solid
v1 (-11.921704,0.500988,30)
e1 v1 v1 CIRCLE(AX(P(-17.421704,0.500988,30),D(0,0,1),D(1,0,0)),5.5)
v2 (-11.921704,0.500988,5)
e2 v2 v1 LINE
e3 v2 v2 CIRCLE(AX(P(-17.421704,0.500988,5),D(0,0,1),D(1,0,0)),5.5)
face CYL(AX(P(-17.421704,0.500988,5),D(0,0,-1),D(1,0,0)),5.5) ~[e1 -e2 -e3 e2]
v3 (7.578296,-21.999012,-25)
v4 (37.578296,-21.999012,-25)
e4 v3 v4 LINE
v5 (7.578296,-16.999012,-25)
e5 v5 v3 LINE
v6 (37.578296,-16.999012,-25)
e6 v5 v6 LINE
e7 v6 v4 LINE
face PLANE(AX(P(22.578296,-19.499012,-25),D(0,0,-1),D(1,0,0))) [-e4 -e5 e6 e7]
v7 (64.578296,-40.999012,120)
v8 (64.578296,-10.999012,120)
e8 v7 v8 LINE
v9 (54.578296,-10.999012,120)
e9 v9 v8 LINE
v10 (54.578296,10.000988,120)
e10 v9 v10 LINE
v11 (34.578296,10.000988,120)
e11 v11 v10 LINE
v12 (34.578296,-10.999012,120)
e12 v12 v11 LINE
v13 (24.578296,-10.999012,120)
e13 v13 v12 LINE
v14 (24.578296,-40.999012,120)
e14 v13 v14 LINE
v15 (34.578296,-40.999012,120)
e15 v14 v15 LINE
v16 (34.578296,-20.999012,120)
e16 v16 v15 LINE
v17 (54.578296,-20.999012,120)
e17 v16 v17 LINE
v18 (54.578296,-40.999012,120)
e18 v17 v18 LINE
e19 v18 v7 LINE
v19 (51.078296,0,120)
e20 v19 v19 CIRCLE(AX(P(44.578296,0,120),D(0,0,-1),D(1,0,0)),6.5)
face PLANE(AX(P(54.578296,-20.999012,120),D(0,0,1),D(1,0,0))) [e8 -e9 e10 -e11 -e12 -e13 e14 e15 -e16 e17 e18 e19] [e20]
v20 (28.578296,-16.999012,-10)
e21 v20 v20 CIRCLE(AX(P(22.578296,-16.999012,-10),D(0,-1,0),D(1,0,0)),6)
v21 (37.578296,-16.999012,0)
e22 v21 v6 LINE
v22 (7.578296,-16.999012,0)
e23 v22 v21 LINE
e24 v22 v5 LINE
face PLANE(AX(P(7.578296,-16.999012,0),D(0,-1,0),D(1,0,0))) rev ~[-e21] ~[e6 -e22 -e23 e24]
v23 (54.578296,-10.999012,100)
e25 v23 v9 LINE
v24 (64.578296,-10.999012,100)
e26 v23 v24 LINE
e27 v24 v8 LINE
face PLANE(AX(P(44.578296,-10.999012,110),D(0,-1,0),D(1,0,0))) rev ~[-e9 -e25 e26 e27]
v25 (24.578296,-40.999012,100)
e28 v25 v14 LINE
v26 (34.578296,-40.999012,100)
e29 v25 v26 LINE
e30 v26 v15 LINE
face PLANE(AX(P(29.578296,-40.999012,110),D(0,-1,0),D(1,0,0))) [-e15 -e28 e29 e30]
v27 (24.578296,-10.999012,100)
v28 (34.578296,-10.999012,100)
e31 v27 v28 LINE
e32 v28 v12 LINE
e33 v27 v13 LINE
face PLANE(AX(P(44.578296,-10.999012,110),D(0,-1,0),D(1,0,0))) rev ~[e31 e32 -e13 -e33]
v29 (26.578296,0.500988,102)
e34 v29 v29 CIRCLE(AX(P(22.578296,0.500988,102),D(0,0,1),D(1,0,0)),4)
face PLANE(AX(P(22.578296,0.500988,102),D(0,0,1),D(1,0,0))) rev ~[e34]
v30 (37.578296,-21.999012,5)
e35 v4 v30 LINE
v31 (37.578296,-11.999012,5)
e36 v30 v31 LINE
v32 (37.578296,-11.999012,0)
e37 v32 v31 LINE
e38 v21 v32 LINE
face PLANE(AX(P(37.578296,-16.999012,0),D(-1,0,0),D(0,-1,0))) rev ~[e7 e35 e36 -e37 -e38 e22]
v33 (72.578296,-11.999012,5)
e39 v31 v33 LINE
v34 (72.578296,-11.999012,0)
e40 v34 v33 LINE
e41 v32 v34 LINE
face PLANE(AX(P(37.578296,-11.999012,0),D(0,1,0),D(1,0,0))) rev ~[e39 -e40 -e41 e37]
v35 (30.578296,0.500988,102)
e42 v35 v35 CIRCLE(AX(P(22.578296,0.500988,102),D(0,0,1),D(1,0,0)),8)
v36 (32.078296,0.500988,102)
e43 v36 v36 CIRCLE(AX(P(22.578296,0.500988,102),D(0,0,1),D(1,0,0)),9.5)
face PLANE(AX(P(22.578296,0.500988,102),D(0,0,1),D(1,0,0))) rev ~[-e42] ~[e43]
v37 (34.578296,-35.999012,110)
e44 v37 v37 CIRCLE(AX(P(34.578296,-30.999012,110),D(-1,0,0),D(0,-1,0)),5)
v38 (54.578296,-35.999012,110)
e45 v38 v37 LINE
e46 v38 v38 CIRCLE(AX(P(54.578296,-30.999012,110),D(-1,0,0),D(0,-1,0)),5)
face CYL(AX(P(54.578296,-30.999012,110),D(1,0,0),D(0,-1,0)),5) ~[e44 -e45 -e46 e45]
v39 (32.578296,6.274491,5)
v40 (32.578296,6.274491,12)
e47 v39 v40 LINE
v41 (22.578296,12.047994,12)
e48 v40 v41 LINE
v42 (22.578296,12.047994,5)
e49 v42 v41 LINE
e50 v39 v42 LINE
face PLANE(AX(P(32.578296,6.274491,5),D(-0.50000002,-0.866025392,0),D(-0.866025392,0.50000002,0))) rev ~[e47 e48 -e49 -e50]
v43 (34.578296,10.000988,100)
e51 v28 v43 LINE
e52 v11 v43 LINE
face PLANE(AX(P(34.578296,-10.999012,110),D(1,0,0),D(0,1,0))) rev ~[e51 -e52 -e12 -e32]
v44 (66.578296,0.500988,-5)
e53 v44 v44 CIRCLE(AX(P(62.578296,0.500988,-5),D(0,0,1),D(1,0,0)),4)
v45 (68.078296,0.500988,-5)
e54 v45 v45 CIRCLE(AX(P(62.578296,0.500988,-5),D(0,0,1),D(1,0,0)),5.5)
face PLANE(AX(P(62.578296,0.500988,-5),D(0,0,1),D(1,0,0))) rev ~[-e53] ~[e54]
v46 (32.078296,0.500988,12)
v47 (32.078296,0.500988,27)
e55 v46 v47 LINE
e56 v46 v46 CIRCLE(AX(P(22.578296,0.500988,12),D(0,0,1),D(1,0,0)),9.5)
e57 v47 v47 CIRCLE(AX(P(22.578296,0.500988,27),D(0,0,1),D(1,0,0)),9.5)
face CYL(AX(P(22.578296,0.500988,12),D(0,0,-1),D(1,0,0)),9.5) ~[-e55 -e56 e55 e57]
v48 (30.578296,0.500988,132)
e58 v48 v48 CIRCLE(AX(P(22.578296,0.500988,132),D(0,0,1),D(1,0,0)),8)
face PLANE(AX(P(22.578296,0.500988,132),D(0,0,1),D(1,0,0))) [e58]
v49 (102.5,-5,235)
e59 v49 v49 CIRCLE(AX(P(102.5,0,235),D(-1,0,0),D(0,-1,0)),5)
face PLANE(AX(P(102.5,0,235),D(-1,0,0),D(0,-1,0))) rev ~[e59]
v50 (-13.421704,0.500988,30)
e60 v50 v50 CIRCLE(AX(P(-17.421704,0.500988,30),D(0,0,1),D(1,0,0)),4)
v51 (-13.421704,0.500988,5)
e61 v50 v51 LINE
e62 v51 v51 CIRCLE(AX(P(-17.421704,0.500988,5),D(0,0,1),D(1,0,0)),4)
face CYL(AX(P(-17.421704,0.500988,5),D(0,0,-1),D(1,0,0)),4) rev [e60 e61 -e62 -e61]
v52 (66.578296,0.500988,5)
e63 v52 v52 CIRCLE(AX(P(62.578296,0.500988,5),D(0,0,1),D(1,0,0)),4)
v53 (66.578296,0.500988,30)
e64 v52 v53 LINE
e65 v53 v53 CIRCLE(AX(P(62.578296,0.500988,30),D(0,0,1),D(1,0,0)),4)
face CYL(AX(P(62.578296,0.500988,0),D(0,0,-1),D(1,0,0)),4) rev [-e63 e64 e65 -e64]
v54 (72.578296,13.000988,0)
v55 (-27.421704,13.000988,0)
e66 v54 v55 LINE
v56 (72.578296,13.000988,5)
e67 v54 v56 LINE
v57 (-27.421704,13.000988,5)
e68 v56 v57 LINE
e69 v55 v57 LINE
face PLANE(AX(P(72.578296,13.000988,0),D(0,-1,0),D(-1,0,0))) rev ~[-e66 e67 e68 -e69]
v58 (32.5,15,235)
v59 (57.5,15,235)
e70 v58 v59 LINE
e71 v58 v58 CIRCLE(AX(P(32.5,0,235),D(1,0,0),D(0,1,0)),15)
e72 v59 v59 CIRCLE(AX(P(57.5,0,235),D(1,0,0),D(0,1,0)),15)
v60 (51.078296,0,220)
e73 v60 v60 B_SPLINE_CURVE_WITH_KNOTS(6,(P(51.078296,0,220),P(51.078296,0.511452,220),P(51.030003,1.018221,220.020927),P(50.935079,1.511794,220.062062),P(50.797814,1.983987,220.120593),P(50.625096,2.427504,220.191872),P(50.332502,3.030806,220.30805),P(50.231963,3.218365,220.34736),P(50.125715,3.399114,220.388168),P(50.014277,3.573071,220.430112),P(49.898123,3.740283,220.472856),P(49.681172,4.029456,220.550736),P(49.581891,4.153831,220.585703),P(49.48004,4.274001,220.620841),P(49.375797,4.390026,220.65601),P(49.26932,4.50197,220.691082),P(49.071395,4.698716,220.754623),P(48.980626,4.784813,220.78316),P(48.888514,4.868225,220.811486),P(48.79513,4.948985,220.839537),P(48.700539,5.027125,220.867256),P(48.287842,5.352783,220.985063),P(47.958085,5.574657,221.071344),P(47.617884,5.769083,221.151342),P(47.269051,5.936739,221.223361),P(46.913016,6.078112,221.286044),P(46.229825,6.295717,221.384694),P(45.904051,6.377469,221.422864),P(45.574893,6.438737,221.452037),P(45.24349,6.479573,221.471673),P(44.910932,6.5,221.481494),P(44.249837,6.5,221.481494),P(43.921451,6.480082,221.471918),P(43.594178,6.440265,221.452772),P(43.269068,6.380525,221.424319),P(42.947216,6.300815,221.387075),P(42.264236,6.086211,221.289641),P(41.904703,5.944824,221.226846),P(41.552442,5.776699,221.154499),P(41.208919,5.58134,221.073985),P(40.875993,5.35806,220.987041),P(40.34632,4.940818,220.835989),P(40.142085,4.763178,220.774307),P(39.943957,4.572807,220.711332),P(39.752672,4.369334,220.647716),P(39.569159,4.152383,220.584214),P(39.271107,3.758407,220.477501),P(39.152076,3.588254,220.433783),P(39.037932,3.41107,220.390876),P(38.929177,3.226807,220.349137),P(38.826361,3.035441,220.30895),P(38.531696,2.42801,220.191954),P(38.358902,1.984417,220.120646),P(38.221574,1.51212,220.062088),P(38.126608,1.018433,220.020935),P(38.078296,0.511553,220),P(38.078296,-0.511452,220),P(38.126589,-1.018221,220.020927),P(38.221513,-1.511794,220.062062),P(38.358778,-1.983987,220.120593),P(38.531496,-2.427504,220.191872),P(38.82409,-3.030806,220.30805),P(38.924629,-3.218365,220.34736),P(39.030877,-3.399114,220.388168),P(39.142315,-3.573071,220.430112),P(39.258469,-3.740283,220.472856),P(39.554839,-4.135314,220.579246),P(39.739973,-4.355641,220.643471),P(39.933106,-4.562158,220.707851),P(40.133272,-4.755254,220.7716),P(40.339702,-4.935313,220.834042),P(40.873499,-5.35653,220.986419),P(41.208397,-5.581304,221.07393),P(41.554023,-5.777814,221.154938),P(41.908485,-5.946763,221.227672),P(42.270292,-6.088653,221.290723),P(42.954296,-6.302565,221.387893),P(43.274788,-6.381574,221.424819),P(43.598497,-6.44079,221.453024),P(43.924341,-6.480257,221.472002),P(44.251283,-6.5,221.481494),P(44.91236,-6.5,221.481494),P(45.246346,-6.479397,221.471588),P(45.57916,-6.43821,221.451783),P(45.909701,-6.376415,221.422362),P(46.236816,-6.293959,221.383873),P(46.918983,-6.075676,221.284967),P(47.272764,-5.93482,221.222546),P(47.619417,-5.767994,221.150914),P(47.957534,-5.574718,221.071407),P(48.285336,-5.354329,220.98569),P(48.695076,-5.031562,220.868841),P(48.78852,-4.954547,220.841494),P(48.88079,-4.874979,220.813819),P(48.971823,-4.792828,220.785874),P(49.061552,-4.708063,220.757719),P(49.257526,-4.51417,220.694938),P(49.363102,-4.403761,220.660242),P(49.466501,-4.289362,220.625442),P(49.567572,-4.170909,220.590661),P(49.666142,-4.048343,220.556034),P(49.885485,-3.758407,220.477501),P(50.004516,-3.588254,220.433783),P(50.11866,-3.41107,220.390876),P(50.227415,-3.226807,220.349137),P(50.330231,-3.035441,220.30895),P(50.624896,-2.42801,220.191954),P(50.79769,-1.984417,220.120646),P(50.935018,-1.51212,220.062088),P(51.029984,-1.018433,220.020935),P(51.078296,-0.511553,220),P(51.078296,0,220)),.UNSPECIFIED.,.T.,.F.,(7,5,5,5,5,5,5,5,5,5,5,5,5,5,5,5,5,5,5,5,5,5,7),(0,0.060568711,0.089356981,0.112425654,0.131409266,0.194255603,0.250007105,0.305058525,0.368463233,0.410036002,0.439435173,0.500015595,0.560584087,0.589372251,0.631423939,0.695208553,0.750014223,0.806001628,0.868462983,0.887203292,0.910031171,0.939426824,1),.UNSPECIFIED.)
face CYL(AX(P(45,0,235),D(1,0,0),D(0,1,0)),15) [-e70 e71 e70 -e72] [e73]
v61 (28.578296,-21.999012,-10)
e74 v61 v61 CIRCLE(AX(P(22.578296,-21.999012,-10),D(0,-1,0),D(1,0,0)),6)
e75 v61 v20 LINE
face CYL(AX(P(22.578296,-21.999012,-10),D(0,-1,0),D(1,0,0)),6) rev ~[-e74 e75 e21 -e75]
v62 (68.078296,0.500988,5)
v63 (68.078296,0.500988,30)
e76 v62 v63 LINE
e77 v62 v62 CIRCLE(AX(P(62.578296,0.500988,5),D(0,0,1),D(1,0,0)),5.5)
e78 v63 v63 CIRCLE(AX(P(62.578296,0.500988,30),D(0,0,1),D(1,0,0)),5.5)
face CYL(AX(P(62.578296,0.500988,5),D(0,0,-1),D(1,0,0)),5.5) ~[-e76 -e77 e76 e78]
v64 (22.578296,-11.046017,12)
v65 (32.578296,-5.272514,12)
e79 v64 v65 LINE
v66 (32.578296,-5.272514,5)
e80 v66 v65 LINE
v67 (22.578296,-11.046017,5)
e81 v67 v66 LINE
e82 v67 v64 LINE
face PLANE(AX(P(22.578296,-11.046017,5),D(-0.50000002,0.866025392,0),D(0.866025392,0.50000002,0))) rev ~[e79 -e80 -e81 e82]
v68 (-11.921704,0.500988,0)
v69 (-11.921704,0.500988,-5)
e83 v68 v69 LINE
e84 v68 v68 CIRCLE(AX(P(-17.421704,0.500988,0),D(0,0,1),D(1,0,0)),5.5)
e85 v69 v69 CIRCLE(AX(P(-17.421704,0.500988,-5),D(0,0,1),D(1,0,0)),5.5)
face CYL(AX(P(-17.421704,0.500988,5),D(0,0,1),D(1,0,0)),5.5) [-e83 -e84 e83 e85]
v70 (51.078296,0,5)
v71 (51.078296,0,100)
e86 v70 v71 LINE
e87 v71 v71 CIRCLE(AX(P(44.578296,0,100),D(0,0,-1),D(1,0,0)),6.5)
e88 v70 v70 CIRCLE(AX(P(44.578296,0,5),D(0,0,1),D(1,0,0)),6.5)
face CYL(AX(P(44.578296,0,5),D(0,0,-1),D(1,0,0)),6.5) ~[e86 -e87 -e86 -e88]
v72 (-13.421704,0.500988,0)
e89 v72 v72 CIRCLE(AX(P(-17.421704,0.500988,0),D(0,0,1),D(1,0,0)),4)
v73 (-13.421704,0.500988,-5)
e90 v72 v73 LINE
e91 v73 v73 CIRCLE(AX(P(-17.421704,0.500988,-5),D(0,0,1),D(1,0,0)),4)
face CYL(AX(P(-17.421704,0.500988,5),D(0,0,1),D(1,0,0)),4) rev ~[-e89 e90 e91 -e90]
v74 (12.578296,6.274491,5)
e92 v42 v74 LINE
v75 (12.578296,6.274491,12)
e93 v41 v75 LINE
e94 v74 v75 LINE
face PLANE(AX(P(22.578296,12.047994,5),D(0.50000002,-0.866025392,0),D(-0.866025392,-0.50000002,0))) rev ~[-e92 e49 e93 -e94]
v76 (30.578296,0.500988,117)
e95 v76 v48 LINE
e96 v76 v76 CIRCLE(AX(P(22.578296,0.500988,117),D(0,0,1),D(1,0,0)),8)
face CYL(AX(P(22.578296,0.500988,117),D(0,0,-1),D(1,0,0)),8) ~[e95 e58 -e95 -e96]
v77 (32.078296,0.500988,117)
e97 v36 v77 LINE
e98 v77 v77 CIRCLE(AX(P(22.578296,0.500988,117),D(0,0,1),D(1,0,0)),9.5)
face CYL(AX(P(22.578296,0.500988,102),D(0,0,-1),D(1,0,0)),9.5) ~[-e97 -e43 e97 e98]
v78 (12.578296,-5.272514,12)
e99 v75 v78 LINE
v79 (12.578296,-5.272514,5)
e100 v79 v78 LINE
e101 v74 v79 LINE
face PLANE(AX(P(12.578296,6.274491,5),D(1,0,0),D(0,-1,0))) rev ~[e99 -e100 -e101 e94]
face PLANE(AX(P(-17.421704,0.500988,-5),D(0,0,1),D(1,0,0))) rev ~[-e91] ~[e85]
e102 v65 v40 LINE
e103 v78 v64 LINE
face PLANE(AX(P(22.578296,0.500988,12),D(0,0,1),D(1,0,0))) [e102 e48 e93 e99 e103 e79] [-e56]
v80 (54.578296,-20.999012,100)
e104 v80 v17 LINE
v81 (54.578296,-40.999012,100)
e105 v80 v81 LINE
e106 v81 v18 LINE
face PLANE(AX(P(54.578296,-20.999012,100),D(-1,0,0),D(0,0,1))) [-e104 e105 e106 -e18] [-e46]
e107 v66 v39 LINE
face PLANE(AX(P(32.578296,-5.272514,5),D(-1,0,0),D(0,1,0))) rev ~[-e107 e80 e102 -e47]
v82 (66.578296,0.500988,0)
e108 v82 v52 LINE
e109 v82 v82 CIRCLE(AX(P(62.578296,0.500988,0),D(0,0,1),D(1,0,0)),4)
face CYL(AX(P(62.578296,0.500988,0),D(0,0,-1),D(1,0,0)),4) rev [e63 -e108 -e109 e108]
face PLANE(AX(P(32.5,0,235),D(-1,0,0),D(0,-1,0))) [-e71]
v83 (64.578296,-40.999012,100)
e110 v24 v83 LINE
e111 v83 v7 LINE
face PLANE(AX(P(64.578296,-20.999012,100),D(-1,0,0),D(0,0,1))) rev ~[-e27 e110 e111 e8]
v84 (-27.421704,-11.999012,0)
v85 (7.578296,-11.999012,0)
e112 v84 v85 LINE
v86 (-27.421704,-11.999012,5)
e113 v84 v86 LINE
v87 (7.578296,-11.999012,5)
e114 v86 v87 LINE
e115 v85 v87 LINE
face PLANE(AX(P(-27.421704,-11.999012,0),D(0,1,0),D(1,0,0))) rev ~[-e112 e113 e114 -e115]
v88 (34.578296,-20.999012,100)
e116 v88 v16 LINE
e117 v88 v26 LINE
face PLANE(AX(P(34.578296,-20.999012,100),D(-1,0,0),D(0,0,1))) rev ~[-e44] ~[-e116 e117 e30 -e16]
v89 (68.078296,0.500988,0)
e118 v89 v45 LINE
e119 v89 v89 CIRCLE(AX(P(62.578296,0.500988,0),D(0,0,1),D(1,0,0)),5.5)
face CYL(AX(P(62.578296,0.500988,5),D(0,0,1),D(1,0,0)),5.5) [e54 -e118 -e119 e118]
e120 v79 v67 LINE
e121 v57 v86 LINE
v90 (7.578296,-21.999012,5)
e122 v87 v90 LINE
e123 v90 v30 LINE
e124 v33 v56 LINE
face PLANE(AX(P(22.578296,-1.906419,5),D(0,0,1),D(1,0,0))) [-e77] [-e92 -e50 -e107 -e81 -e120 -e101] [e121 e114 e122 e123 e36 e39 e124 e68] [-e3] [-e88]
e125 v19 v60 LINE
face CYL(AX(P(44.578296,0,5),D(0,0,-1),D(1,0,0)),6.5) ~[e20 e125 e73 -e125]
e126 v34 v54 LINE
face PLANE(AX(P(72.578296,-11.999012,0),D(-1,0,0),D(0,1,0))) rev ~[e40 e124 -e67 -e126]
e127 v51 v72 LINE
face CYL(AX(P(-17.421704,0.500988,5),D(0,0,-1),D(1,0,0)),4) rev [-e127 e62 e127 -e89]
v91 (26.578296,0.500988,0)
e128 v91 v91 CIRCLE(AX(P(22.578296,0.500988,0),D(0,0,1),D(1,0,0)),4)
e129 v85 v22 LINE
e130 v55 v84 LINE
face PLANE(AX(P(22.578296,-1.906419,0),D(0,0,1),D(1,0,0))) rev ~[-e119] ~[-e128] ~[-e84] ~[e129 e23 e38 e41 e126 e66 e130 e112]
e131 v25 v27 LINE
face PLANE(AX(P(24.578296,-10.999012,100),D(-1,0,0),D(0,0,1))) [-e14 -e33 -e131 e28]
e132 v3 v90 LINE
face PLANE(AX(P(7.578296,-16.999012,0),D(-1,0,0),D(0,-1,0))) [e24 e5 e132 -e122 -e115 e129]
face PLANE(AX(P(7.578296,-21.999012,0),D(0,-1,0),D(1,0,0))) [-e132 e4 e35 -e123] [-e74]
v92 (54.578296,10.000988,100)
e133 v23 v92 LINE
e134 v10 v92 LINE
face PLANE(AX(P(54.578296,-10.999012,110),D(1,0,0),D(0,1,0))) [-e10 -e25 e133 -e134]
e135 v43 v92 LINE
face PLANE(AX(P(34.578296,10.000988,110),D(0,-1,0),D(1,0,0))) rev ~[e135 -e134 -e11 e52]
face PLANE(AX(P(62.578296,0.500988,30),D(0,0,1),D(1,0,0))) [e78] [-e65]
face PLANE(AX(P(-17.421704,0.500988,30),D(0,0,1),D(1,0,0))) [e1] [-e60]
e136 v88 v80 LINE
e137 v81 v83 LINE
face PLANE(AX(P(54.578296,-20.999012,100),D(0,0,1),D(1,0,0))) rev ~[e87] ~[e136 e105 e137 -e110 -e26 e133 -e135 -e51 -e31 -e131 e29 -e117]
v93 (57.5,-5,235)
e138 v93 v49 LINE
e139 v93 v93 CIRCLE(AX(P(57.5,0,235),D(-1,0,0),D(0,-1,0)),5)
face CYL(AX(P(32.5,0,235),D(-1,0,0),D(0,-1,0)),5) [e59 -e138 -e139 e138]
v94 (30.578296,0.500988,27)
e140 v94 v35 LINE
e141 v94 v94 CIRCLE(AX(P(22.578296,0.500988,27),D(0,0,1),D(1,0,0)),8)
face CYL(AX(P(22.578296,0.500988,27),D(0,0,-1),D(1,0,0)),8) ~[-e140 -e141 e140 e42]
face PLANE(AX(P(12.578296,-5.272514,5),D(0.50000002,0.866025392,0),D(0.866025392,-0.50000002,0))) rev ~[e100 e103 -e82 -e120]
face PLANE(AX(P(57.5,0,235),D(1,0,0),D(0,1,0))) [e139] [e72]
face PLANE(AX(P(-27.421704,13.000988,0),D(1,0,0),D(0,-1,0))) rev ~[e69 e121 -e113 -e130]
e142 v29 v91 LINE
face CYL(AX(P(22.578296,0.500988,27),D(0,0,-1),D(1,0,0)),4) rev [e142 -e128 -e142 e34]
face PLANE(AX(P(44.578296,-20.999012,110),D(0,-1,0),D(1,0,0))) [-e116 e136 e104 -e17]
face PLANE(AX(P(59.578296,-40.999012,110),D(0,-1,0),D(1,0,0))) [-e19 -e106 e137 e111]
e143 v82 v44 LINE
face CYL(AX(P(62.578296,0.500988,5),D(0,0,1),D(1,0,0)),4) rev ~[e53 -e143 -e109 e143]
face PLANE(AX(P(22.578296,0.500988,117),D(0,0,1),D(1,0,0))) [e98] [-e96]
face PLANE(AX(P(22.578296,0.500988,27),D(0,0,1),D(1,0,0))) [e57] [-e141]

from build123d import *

# Parameters (mm, degrees)
F0_R      = 4
F1_DEPTH  = 5
F2_R      = 5.5
F2_R_2    = 4
F3_DEPTH  = 25
F4_DEPTH  = 10
F5_W      = 30
F5_H      = 5
F6_DEPTH  = 25
F7_R      = 4
F8_DEPTH  = 7
F9_R      = 9.5
F9_R_2    = 4
F10_DEPTH = 15
F11_R     = 8
F11_R_2   = 4
F12_DEPTH = 75
F13_R     = 9.5
F14_DEPTH = 15
F15_R     = 8
F16_DEPTH = 15
F17_R     = 6.5
F18_DEPTH = 240
F20_W     = 20
F20_H     = 21
F21_DEPTH = 10
F23_R     = 15
F24_DEPTH = 12.5
F25_R     = 5
F26_DEPTH = 70
F27_R     = 6
F28_DEPTH = 25
F30_W     = 40
F30_H     = 20
F31_DEPTH = 10
F32_W     = 10
F32_H     = 20
F33_DEPTH = 20
F34_R     = 5
F35_DEPTH = 20


with BuildPart() as f1:
    # F0 (on Top) → F1 (new body)
    with BuildSketch(Plane.XY):
        Polygon((72.578296, 13.000988), (-27.421704, 13.000988), (-27.421704, -11.999012), (7.578296, -11.999012), (7.578296, -21.999012), (37.578296, -21.999012), (37.578296, -11.999012), (72.578296, -11.999012), align=None)
        with Locations((-17.421704, 0.500988)):
            Circle(F0_R, mode=Mode.SUBTRACT)
        with Locations((22.578296, 0.500988)):
            Circle(F0_R, mode=Mode.SUBTRACT)
        with Locations((62.578296, 0.500988)):
            Circle(F0_R, mode=Mode.SUBTRACT)
    extrude(amount=F1_DEPTH)

    # F2 (on face) → F3 (join)
    with BuildSketch(Plane.XY.offset(5)):
        with Locations((-17.421704, 0.500988)):
            Circle(F2_R)
        with Locations((-17.421704, 0.500988)):
            Circle(F2_R_2, mode=Mode.SUBTRACT)
        with Locations((62.578296, 0.500988)):
            Circle(F2_R)
        with Locations((62.578296, 0.500988)):
            Circle(F2_R_2, mode=Mode.SUBTRACT)
    extrude(amount=F3_DEPTH)

    # F2 (on face) → F4 (join)
    with BuildSketch(Plane.XY.offset(5)):
        with Locations((-17.421704, 0.500988)):
            Circle(F2_R)
        with Locations((-17.421704, 0.500988)):
            Circle(F2_R_2, mode=Mode.SUBTRACT)
        with Locations((62.578296, 0.500988)):
            Circle(F2_R)
        with Locations((62.578296, 0.500988)):
            Circle(F2_R_2, mode=Mode.SUBTRACT)
    extrude(amount=-F4_DEPTH)

    # F5 (on face) → F6 (join)
    with BuildSketch(Plane(origin=(0, 0, 0), x_dir=(1, 0, 0), z_dir=(0, 0, -1))):
        with Locations((22.578296, 19.499012)):
            Rectangle(F5_W, F5_H)
    extrude(amount=F6_DEPTH)

    # F7 (on face) → F8 (join)
    with BuildSketch(Plane.XY.offset(5)):
        Polygon((12.578296, 6.274491), (12.578296, -5.272514), (22.578296, -11.046017), (32.578296, -5.272514), (32.578296, 6.274491), (22.578296, 12.047994), align=None)
        with Locations((22.578296, 0.500988)):
            Circle(F7_R, mode=Mode.SUBTRACT)
    extrude(amount=F8_DEPTH)

    # F9 (on face) → F10 (join)
    with BuildSketch(Plane.XY.offset(12)):
        with Locations((22.578296, 0.500988)):
            Circle(F9_R)
        with Locations((22.578296, 0.500988)):
            Circle(F9_R_2, mode=Mode.SUBTRACT)
    extrude(amount=F10_DEPTH)

    # F11 (on face) → F12 (join)
    with BuildSketch(Plane.XY.offset(27)):
        with Locations((22.578296, 0.500988)):
            Circle(F11_R)
        with Locations((22.578296, 0.500988)):
            Circle(F11_R_2, mode=Mode.SUBTRACT)
    extrude(amount=F12_DEPTH)

    # F13 (on face) → F14 (join)
    with BuildSketch(Plane.XY.offset(102)):
        with Locations((22.578296, 0.500988)):
            Circle(F13_R)
    extrude(amount=F14_DEPTH)

    # F15 (on face) → F16 (join)
    with BuildSketch(Plane.XY.offset(117)):
        with Locations((22.578296, 0.500988)):
            Circle(F15_R)
    extrude(amount=F16_DEPTH)

    # F17 (on face) → F18 (join)
    with BuildSketch(Plane.XY.offset(5)):
        with Locations((44.578296, 0)):
            Circle(F17_R)
    extrude(amount=F18_DEPTH)

    # F20 (on offset) → F21 (join, symmetric)
    with BuildSketch(Plane.XY.offset(110)):
        with Locations((44.578296, -0.499012)):
            Rectangle(F20_W, F20_H)
    extrude(amount=F21_DEPTH, both=True)

    # F23 (on offset) → F24 (join, symmetric)
    with BuildSketch(Plane.YZ.offset(45)):
        with Locations((0, 235)):
            Circle(F23_R)
    extrude(amount=F24_DEPTH, both=True)

    # F25 (on face) → F26 (join)
    with BuildSketch(Plane(origin=(32.5, 0, 0), x_dir=(0, -1, 0), z_dir=(-1, 0, 0))):
        with Locations((0, 235)):
            Circle(F25_R)
    extrude(amount=-F26_DEPTH)

    # F27 (on face) → F28 (cut)
    with BuildSketch(Plane.XZ.offset(21.999012)):
        with Locations((22.578296, -10)):
            Circle(F27_R)
    extrude(amount=-F28_DEPTH, mode=Mode.SUBTRACT)

    # F30 (on face) → F31 (join)
    with BuildSketch(Plane.XZ.offset(10.999012)):
        with Locations((44.578296, 110)):
            Rectangle(F30_W, F30_H)
    extrude(amount=F31_DEPTH)

    # F32 (on face) → F33 (join)
    with BuildSketch(Plane.XZ.offset(20.999012)):
        with Locations((59.578296, 110)):
            Rectangle(F32_W, F32_H)
        with Locations((29.578296, 110)):
            Rectangle(F32_W, F32_H)
    extrude(amount=F33_DEPTH)

    # F34 (on face) → F35 (join, through all)
    with BuildSketch(Plane(origin=(54.578296, 0, 0), x_dir=(0, -1, 0), z_dir=(-1, 0, 0))):
        with Locations((30.999012, 110)):
            Circle(F34_R)
    extrude(amount=F35_DEPTH)


solid = f1.part
